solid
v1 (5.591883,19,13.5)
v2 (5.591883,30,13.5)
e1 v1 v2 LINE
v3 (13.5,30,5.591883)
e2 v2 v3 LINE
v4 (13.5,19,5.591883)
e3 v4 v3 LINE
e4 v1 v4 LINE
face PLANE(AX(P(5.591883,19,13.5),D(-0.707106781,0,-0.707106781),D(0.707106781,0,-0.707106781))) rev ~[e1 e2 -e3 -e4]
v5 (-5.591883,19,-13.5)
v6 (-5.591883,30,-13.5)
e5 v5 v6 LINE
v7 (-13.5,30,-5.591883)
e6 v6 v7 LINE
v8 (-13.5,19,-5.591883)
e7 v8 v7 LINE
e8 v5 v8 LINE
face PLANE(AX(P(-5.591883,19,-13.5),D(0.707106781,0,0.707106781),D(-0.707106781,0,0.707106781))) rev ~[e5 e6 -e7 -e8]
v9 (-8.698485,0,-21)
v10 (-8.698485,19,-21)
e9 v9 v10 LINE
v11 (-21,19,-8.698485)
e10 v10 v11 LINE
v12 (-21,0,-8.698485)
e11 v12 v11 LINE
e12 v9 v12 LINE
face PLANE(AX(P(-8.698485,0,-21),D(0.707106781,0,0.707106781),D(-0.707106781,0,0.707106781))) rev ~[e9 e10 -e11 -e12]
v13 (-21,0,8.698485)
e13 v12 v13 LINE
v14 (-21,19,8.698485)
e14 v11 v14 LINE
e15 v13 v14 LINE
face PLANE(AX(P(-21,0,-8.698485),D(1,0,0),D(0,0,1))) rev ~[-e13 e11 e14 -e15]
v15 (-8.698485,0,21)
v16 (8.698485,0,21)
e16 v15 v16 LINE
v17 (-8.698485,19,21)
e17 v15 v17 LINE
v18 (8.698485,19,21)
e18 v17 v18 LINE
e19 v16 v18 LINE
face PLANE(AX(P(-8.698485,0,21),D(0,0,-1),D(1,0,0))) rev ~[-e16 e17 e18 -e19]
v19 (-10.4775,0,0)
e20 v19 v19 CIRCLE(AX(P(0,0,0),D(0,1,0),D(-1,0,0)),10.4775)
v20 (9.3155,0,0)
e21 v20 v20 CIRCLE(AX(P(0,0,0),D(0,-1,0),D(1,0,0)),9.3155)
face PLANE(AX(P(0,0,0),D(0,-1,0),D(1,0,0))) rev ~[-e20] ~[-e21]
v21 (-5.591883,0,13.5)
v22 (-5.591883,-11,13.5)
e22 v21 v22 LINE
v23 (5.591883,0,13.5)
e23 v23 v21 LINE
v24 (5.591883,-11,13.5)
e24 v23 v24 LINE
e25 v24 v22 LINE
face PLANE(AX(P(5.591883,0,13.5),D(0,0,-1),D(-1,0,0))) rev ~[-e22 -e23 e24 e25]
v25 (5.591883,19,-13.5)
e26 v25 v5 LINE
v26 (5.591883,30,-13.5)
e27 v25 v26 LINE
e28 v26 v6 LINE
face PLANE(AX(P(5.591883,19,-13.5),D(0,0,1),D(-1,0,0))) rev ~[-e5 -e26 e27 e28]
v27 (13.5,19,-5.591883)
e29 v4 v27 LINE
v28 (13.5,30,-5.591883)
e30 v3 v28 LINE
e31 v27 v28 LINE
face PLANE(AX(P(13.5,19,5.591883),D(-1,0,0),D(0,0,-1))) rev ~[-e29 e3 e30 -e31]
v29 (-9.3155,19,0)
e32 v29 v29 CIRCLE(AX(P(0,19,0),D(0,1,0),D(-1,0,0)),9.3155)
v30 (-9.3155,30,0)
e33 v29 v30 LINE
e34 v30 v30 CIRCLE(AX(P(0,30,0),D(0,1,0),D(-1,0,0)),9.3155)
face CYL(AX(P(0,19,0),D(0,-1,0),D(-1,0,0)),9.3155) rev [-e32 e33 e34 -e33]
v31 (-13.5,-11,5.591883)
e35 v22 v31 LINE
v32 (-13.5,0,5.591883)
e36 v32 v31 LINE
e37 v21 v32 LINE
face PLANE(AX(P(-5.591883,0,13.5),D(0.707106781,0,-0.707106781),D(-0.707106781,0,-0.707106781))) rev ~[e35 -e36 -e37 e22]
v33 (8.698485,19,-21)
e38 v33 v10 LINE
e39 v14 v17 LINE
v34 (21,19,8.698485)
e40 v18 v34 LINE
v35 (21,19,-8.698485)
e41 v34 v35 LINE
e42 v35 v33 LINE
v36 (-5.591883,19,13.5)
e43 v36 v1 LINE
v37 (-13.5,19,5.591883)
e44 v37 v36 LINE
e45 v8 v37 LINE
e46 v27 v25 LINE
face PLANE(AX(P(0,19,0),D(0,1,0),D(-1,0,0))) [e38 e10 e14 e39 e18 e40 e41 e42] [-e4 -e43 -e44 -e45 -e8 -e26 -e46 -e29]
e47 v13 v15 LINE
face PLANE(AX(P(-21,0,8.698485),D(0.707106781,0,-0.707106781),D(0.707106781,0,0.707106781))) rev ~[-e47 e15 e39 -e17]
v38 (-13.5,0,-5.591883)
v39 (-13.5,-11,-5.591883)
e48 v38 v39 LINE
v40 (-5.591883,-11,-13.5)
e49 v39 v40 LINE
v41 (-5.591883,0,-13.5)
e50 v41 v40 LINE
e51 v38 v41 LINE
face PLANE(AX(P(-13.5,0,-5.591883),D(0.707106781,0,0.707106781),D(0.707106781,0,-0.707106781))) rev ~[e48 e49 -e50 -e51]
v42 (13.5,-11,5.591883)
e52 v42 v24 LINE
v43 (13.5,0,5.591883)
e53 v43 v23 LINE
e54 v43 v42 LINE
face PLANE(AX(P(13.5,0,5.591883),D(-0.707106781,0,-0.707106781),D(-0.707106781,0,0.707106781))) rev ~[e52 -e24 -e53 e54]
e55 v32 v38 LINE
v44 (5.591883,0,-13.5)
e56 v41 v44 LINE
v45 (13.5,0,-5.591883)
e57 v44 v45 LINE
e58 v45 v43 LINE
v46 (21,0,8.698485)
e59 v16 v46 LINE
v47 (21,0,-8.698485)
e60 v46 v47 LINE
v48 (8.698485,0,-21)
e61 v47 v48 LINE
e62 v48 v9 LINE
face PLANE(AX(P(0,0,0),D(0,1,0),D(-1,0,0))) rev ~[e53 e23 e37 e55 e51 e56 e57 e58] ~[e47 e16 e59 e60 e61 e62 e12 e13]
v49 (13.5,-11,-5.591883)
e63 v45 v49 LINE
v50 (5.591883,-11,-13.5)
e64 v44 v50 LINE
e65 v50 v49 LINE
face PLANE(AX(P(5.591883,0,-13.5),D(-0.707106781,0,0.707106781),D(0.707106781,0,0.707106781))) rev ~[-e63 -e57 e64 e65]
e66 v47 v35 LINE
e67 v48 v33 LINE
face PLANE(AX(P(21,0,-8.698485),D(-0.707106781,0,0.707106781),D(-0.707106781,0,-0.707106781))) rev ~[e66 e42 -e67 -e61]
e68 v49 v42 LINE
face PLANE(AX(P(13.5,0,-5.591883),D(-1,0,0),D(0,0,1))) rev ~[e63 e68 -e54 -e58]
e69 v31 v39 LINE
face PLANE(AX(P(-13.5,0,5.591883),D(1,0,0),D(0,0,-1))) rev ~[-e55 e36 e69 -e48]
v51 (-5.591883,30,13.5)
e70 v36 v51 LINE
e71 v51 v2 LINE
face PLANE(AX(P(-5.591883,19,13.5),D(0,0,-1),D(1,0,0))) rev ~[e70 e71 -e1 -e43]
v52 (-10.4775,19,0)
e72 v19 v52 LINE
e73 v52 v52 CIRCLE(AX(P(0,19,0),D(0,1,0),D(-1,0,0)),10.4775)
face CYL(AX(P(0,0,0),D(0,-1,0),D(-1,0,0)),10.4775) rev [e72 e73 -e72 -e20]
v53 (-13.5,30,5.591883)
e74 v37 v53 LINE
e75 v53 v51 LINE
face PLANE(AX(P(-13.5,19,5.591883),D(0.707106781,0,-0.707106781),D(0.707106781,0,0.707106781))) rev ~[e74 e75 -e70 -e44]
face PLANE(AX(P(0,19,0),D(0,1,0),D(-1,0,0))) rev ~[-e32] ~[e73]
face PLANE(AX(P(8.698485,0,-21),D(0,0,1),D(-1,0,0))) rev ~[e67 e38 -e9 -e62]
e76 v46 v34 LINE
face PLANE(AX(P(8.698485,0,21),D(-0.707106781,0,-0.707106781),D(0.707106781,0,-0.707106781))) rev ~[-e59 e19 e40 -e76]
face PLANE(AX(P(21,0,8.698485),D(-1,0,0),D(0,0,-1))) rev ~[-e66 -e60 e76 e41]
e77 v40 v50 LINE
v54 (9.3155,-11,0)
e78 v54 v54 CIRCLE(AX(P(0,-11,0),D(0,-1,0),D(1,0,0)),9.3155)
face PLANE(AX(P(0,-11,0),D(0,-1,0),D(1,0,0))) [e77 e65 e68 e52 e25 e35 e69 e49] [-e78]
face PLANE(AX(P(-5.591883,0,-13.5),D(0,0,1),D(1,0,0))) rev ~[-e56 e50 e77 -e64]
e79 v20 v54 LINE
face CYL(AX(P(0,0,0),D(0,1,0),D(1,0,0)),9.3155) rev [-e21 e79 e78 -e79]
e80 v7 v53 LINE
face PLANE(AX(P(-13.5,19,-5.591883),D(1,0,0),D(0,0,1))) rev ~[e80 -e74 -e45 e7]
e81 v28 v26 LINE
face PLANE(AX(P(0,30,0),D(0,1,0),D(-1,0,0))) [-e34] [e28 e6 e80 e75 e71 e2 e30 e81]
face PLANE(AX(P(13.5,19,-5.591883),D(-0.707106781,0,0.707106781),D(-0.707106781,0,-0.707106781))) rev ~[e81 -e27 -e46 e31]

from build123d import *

# Parameters (mm, degrees)
F0_R     = 9.3155
F1_DEPTH = 11
F2_R     = 10.4775
F3_DEPTH = 19
F4_R     = 9.3155
F5_DEPTH = 11


with BuildPart() as f1:
    # F0 (on Front) → F1 (new body)
    with BuildSketch(Plane.XZ):
        Polygon((13.5, -5.591883), (13.5, 5.591883), (5.591883, 13.5), (-5.591883, 13.5), (-13.5, 5.591883), (-13.5, -5.591883), (-5.591883, -13.5), (5.591883, -13.5), align=None)
        Circle(F0_R, mode=Mode.SUBTRACT)
    extrude(amount=F1_DEPTH)

    # F2 (on face) → F3 (join)
    with BuildSketch(Plane(origin=(0, 0, 0), x_dir=(-1, 0, 0), z_dir=(0, 1, 0))):
        Polygon((21, -8.698485), (21, 8.698485), (8.698485, 21), (-8.698485, 21), (-21, 8.698485), (-21, -8.698485), (-8.698485, -21), (8.698485, -21), align=None)
        Circle(F2_R, mode=Mode.SUBTRACT)
    extrude(amount=F3_DEPTH)

    # F4 (on face) → F5 (join)
    with BuildSketch(Plane(origin=(0, 19, 0), x_dir=(-1, 0, 0), z_dir=(0, 1, 0))):
        Polygon((13.5, -5.591883), (13.5, 5.591883), (5.591883, 13.5), (-5.591883, 13.5), (-13.5, 5.591883), (-13.5, -5.591883), (-5.591883, -13.5), (5.591883, -13.5), align=None)
        Circle(F4_R, mode=Mode.SUBTRACT)
    extrude(amount=F5_DEPTH)


solid = f1.part
